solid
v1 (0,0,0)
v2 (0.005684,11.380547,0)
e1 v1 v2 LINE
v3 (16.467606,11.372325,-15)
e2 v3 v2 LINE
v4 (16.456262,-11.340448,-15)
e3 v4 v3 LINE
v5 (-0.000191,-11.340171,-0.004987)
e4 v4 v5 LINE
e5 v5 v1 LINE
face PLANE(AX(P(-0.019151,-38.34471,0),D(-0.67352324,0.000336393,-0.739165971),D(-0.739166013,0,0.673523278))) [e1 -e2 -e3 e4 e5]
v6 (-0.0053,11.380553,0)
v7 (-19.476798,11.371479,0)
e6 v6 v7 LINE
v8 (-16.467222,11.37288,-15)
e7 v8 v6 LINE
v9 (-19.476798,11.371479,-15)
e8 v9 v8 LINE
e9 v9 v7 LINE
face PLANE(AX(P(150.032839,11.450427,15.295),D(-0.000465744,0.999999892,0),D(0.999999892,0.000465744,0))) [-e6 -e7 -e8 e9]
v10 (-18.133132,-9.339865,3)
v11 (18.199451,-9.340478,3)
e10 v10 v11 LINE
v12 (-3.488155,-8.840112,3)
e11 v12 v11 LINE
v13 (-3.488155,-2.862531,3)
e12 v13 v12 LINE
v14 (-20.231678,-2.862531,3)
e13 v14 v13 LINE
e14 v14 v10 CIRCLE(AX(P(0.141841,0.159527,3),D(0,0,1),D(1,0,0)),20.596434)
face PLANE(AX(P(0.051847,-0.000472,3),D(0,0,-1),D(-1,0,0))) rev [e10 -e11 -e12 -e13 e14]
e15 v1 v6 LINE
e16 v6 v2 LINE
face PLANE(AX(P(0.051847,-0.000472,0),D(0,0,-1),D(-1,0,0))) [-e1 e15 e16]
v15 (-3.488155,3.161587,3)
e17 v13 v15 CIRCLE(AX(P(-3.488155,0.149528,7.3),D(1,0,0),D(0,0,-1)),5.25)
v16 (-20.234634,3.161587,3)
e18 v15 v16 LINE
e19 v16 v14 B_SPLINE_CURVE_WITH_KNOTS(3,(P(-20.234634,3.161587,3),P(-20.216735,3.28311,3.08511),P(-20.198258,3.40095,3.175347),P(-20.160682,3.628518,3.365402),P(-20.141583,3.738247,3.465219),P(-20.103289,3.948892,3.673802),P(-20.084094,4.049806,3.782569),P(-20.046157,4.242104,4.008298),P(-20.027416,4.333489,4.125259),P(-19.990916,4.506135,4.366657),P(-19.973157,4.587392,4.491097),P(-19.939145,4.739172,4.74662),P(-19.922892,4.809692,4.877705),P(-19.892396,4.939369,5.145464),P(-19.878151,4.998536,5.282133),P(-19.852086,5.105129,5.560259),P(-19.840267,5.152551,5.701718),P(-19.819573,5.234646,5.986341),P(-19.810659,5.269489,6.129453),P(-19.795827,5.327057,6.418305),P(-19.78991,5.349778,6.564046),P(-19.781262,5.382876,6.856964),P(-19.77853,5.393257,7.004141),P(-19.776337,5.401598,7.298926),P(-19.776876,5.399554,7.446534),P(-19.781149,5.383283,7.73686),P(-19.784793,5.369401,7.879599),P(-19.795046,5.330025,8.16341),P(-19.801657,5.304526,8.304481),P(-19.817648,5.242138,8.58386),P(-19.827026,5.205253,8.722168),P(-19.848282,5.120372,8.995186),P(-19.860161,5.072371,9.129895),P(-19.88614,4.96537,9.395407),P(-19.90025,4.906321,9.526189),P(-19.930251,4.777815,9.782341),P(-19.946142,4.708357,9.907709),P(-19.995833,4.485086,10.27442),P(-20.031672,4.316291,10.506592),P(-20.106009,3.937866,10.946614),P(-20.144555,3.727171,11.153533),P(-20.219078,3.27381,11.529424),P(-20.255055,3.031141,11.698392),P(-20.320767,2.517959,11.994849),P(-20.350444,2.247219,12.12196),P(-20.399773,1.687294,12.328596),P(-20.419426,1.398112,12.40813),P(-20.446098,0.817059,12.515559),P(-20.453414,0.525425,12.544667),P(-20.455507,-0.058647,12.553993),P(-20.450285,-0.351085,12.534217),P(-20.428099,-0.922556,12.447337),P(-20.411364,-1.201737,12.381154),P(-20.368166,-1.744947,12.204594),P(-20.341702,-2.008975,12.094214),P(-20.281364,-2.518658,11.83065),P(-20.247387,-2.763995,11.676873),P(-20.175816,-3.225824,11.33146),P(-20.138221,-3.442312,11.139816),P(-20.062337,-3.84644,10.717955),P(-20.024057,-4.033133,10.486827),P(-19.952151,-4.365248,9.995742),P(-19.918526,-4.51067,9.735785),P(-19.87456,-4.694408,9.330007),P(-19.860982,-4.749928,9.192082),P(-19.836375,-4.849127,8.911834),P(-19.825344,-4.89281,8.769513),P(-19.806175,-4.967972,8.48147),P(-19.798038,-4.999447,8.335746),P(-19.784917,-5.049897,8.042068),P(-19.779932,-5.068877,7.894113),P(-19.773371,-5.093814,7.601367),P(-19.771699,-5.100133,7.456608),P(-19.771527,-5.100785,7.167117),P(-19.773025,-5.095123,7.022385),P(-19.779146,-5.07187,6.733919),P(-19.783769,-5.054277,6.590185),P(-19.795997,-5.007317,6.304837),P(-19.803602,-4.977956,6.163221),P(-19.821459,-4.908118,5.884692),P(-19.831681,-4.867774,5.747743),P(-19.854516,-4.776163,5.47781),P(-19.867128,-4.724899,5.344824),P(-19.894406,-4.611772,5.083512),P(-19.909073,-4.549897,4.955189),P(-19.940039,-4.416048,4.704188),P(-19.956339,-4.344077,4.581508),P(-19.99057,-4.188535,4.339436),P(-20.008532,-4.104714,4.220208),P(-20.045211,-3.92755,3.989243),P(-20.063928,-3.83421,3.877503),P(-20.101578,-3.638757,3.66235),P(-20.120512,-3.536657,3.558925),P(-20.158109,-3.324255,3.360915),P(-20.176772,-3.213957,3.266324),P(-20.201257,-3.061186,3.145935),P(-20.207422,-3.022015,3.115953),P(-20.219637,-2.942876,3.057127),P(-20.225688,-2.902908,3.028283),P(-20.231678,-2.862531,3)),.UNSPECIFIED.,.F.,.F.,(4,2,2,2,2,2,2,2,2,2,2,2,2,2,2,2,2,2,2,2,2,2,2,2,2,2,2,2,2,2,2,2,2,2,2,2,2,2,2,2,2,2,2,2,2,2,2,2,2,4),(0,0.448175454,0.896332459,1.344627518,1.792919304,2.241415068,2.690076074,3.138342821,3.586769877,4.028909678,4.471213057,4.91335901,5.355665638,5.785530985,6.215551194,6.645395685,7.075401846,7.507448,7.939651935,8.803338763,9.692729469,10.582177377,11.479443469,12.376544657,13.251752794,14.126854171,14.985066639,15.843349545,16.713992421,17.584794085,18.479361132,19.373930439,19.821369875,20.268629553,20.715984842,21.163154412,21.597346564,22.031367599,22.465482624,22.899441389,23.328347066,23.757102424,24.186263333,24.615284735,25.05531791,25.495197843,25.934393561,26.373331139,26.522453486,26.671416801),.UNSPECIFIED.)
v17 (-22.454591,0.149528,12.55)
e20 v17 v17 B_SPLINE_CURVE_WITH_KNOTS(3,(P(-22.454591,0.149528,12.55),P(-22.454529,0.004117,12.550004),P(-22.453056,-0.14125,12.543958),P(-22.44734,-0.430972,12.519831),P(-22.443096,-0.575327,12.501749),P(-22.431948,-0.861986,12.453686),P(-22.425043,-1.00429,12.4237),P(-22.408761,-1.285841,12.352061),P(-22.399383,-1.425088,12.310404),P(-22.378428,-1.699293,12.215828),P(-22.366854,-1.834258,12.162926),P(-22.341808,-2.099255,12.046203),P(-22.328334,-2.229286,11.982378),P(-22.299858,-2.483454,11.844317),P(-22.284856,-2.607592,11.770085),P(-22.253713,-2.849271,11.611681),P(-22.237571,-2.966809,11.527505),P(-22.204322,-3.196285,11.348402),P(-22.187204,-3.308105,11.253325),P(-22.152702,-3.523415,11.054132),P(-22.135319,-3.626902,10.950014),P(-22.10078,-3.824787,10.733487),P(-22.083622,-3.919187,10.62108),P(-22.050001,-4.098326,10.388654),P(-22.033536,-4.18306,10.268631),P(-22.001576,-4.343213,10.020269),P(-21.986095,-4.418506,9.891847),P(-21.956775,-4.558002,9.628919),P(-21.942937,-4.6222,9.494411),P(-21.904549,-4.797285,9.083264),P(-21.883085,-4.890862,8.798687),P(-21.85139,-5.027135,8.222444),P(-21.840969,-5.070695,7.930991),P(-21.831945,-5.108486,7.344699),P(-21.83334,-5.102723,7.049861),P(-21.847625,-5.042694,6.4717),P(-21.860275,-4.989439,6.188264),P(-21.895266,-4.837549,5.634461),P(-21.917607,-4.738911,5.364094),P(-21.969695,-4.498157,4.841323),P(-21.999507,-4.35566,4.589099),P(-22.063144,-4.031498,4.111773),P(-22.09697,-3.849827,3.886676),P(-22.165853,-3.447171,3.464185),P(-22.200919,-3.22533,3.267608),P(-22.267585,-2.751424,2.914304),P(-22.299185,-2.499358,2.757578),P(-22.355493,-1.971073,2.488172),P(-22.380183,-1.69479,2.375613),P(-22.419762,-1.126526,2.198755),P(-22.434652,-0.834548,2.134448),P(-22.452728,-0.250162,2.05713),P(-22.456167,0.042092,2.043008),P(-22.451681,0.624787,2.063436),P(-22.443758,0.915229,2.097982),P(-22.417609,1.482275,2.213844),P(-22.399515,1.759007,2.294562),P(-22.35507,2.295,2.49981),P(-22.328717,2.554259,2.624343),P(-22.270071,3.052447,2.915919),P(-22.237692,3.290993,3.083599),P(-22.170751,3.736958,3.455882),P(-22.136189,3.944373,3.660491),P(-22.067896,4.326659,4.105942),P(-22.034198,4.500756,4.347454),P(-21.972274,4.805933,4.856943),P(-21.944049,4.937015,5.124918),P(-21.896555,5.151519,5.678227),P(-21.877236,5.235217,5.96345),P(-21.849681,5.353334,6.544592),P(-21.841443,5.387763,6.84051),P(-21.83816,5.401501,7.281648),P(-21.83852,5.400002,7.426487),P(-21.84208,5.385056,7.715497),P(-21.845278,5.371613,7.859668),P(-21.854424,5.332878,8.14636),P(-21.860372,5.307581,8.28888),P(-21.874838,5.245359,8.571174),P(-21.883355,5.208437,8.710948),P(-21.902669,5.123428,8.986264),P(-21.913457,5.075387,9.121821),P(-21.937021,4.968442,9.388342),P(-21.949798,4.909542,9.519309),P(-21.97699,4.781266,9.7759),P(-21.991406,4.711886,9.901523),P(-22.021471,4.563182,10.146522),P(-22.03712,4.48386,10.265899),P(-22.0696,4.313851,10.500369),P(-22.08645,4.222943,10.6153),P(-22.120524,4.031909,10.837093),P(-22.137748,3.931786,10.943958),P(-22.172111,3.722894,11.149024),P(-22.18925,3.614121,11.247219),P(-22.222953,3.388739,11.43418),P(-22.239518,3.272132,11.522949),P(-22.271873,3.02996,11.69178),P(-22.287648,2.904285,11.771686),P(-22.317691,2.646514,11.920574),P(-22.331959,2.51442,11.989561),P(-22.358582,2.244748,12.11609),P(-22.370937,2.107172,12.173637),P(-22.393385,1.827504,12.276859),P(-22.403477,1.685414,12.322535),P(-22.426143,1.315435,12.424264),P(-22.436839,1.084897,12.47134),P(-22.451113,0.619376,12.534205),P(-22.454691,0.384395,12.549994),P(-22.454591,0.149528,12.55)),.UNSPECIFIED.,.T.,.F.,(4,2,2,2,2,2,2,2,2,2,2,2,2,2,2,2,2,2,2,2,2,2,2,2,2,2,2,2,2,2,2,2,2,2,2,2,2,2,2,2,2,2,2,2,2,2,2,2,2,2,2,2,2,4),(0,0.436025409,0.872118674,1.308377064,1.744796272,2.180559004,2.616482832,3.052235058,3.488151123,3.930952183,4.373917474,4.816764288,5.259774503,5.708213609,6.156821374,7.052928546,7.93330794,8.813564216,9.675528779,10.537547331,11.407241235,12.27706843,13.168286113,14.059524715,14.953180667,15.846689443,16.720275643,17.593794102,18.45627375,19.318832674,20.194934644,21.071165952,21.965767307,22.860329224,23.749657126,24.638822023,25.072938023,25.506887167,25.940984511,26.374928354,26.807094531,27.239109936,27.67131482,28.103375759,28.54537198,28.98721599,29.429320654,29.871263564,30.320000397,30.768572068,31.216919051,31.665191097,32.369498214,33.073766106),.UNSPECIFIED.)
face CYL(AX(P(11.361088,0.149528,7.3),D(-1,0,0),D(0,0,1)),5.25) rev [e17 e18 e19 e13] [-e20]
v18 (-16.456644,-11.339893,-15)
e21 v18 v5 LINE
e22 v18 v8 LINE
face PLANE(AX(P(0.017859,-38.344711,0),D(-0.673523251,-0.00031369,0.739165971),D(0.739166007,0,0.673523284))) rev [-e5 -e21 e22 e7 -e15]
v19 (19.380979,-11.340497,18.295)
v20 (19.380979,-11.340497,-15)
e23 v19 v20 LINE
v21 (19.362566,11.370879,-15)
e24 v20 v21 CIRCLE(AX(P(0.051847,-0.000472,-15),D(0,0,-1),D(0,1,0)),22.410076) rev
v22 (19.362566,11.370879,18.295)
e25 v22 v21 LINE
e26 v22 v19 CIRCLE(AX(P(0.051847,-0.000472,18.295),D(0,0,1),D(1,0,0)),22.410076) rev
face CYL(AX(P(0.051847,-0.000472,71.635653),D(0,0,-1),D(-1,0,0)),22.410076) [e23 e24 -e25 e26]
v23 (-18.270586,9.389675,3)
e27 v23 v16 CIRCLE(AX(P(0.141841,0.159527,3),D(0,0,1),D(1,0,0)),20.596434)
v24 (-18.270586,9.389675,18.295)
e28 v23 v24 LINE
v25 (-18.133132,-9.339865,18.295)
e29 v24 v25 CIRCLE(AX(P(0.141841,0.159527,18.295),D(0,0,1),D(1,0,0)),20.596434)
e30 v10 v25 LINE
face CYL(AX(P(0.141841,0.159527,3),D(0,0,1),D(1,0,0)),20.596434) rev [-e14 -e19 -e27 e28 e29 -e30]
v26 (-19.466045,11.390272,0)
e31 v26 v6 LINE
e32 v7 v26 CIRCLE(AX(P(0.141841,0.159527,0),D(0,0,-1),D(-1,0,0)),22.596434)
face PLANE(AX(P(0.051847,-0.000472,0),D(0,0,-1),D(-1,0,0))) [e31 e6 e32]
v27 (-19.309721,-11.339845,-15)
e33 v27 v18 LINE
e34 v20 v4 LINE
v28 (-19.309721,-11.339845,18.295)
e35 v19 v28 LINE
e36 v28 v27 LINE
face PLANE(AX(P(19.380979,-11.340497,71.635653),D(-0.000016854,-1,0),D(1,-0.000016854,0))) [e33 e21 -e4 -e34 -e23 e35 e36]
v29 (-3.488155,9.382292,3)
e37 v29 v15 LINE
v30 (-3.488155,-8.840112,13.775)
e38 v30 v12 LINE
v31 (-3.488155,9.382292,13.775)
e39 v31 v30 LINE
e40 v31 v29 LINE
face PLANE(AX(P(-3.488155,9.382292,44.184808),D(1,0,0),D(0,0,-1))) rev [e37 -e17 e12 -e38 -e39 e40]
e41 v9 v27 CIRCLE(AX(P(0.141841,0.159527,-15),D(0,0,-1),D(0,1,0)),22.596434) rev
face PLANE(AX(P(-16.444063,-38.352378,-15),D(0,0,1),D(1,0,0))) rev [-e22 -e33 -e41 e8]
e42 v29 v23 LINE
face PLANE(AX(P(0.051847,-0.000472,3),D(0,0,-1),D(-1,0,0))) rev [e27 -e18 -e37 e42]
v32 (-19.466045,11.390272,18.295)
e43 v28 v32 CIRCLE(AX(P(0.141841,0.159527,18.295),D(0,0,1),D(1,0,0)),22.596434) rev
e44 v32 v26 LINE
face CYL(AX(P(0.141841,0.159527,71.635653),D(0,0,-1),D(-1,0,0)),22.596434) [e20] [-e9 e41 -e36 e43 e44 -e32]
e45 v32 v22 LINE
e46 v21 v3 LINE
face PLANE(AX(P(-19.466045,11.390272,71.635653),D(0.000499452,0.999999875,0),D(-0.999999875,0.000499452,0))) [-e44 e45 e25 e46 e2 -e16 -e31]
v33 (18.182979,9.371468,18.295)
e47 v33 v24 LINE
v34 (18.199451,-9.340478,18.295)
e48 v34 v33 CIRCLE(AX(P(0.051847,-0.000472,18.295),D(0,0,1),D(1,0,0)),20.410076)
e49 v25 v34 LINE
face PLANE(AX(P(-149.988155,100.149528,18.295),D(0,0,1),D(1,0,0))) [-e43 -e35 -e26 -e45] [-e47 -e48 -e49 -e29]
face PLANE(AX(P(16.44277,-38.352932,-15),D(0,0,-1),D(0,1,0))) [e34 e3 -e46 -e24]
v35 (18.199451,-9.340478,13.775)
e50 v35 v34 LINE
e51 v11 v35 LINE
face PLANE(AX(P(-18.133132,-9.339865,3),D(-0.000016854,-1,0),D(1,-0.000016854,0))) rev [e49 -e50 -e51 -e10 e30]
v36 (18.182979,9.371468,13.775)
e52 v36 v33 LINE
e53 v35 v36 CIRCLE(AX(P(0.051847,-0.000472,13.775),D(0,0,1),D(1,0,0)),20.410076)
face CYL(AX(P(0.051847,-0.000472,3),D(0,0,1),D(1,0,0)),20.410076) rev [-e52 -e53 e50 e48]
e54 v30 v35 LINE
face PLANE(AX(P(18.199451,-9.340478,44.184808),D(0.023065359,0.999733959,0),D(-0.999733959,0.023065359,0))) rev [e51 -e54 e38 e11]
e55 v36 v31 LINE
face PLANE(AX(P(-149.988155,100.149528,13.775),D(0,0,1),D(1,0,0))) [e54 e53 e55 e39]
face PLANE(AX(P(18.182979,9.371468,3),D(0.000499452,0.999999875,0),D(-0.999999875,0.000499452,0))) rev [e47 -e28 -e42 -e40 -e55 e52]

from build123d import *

# Parameters (mm, degrees)
BOSS_EXTRUDE1_DEPTH = 15.295
CUT_EXTRUDE1_DEPTH  = 206.919868261
FLOOR_START         = 3
FLOOR_2_DEPTH       = 3
BOSS_EXTRUDE4_START = 10.775
BOSS_EXTRUDE4_DEPTH = 10.775
BOSS_EXTRUDE5_REACH = 176.665
CUT_EXTRUDE3_REACH  = 209.578
SKETCH7_R           = 5.25
SKETCH14_OUTSIDE_W  = 59.009
SKETCH14_OUTSIDE_H  = 36.805
CUT_EXTRUDE4_DEPTH  = 33.295


with BuildPart() as part:
    # Sketch1 → Boss-Extrude1 (new body)
    with BuildSketch(Plane(origin=(0, 0, -12.295), x_dir=(-1, 0, 0), z_dir=(0, 0, -1))):
        with BuildLine():
            Line((-169.369133898, -111.490025098), (-130.678433581, -111.48937301))
            ThreePointArc((-130.678433581, -111.48937301), (-127.534095849, -100.145401406), (-130.522109497, -88.759255177))
            Line((-130.522109497, -88.759255177), (-169.350721063, -88.778648203))
            ThreePointArc((-169.350721063, -88.778648203), (-172.450070697, -100.131831373), (-169.369133898, -111.490025098))
        make_face()
    extrude(amount=-BOSS_EXTRUDE1_DEPTH)

    # Sketch2 → Cut-Extrude1 (cut, through all)
    with BuildSketch(Plane.XY.offset(3)):
        with BuildLine():
            Line((168.171133654, -90.778059306), (131.717568579, -90.759852501))
            ThreePointArc((131.717568579, -90.759852501), (129.534116109, -100.141151153), (131.855022492, -109.48939284))
            Line((131.855022492, -109.48939284), (168.187605365, -109.490005184))
            ThreePointArc((168.187605365, -109.490005184), (170.450070154, -100.132033398), (168.171133654, -90.778059306))
        make_face()
    extrude(amount=-CUT_EXTRUDE1_DEPTH, mode=Mode.SUBTRACT)

    # Sketch4 → floor 2 (add)
    with BuildSketch(Plane(origin=(0, 0, -12.295), x_dir=(-1, 0, 0), z_dir=(0, 0, -1)).offset(FLOOR_START)):
        with BuildLine():
            Line((-169.369133898, -111.490025098), (-130.678433581, -111.48937301))
            ThreePointArc((-130.678433581, -111.48937301), (-127.534095849, -100.145401406), (-130.522109497, -88.759255177))
            Line((-130.522109497, -88.759255177), (-169.350721063, -88.778648203))
            ThreePointArc((-169.350721063, -88.778648203), (-172.450070697, -100.131831373), (-169.369133898, -111.490025098))
        make_face()
    extrude(amount=-FLOOR_2_DEPTH)

    # Sketch6 → Boss-Extrude4 (add)
    with BuildSketch(Plane.XY.offset(-12.295).offset(BOSS_EXTRUDE4_START)):
        with BuildLine():
            Line((146.5, -90.767235615), (146.5, -108.989639664))
            Line((146.5, -108.989639664), (168.187605365, -109.490005184))
            ThreePointArc((168.187605365, -109.490005184), (170.450070154, -100.132033398), (168.171133654, -90.778059306))
            Line((168.171133654, -90.778059306), (146.5, -90.767235615))
        make_face()
    extrude(amount=-BOSS_EXTRUDE4_DEPTH)

    # Boss-Extrude5: up to this face of the body (flat: up to its plane)
    boss_extrude5_end = Plane(part.part.faces().sort_by_distance((150.023783739, -111.489699054, -6.1475))[0])
    # Sketch11 → Boss-Extrude5 (add, up to the picked face)
    with BuildSketch(Plane(origin=(-0.044298414, -88.694043528, 0), x_dir=(0.9999998752738909, -0.0004994519023308322, 0), z_dir=(0.0004994519023308322, 0.9999998752738909, 0)), mode=Mode.PRIVATE) as boss_extrude5_sk1:
        Polygon((150.03815576, 15.295), (166.500079456, 30.295), (172.500079456, 30.295), (172.500079456, 15.295), align=None)
    boss_extrude5_tool1 = split(extrude(boss_extrude5_sk1.sketch, amount=-BOSS_EXTRUDE5_REACH, mode=Mode.PRIVATE), bisect_by=boss_extrude5_end, keep=Keep.BOTH, mode=Mode.PRIVATE)
    boss_extrude5 = boss_extrude5_tool1.solids().sort_by(Axis((164.546837, -88.776249, -21.34904), (-0.0004994519023308322, -0.9999998752738909, 0)))[0]
    add(boss_extrude5)

    # Cut-Extrude3: up to this face of the body (flat: up to its plane)
    cut_extrude3_end = Plane(part.part.faces().sort_by_distance((146.5, -99.87843764, -6.9075))[0])
    # Sketch7 → Cut-Extrude3 (cut, up to the picked face)
    with BuildSketch(Plane(origin=(0, 0, 0), x_dir=(0, 0, -1), z_dir=(1, 0, 0)), mode=Mode.PRIVATE) as cut_extrude3_sk1:
        with Locations(Location((7.995, -100, 0), (0, 0, 180))):
            Circle(SKETCH7_R)
    cut_extrude3_tool1 = split(extrude(cut_extrude3_sk1.sketch, amount=CUT_EXTRUDE3_REACH, mode=Mode.PRIVATE), bisect_by=cut_extrude3_end, keep=Keep.BOTH, mode=Mode.PRIVATE)
    add(cut_extrude3_tool1.solids().sort_by(Axis((0, -100, -7.995), (1, 0, 0)))[0], mode=Mode.SUBTRACT)

    # Mirror1: Boss-Extrude5 across plane
    add(boss_extrude5.mirror(Plane(origin=(149.98984246, -0.002527909, 0), x_dir=(0, 0, 1), z_dir=(-0.9999999998579736, 1.6853871084051315e-05, 0))))

    # Sketch14 outside → Cut-Extrude4 (cut)
    with BuildSketch(Plane.XY.offset(3)):
        with Locations((149.9885, -100.1245)):
            Rectangle(SKETCH14_OUTSIDE_W, SKETCH14_OUTSIDE_H)
        with BuildLine():
            Line((169.350721063, -88.778648203), (130.522109497, -88.759255177))
            ThreePointArc((130.522109497, -88.759255177), (127.534095849, -100.145401406), (130.678433581, -111.48937301))
            Line((130.678433581, -111.48937301), (169.369133898, -111.490025098))
            ThreePointArc((169.369133898, -111.490025098), (172.450070697, -100.131831373), (169.350721063, -88.778648203))
        make_face(mode=Mode.SUBTRACT)
    extrude(amount=-CUT_EXTRUDE4_DEPTH, mode=Mode.SUBTRACT)


with BuildPart() as part_1:
    # Body-Move/Copy1: moved
    add(part.part.moved(Location((-149.988154595, 100.149527643, 15.295))))


solid = part_1.part
